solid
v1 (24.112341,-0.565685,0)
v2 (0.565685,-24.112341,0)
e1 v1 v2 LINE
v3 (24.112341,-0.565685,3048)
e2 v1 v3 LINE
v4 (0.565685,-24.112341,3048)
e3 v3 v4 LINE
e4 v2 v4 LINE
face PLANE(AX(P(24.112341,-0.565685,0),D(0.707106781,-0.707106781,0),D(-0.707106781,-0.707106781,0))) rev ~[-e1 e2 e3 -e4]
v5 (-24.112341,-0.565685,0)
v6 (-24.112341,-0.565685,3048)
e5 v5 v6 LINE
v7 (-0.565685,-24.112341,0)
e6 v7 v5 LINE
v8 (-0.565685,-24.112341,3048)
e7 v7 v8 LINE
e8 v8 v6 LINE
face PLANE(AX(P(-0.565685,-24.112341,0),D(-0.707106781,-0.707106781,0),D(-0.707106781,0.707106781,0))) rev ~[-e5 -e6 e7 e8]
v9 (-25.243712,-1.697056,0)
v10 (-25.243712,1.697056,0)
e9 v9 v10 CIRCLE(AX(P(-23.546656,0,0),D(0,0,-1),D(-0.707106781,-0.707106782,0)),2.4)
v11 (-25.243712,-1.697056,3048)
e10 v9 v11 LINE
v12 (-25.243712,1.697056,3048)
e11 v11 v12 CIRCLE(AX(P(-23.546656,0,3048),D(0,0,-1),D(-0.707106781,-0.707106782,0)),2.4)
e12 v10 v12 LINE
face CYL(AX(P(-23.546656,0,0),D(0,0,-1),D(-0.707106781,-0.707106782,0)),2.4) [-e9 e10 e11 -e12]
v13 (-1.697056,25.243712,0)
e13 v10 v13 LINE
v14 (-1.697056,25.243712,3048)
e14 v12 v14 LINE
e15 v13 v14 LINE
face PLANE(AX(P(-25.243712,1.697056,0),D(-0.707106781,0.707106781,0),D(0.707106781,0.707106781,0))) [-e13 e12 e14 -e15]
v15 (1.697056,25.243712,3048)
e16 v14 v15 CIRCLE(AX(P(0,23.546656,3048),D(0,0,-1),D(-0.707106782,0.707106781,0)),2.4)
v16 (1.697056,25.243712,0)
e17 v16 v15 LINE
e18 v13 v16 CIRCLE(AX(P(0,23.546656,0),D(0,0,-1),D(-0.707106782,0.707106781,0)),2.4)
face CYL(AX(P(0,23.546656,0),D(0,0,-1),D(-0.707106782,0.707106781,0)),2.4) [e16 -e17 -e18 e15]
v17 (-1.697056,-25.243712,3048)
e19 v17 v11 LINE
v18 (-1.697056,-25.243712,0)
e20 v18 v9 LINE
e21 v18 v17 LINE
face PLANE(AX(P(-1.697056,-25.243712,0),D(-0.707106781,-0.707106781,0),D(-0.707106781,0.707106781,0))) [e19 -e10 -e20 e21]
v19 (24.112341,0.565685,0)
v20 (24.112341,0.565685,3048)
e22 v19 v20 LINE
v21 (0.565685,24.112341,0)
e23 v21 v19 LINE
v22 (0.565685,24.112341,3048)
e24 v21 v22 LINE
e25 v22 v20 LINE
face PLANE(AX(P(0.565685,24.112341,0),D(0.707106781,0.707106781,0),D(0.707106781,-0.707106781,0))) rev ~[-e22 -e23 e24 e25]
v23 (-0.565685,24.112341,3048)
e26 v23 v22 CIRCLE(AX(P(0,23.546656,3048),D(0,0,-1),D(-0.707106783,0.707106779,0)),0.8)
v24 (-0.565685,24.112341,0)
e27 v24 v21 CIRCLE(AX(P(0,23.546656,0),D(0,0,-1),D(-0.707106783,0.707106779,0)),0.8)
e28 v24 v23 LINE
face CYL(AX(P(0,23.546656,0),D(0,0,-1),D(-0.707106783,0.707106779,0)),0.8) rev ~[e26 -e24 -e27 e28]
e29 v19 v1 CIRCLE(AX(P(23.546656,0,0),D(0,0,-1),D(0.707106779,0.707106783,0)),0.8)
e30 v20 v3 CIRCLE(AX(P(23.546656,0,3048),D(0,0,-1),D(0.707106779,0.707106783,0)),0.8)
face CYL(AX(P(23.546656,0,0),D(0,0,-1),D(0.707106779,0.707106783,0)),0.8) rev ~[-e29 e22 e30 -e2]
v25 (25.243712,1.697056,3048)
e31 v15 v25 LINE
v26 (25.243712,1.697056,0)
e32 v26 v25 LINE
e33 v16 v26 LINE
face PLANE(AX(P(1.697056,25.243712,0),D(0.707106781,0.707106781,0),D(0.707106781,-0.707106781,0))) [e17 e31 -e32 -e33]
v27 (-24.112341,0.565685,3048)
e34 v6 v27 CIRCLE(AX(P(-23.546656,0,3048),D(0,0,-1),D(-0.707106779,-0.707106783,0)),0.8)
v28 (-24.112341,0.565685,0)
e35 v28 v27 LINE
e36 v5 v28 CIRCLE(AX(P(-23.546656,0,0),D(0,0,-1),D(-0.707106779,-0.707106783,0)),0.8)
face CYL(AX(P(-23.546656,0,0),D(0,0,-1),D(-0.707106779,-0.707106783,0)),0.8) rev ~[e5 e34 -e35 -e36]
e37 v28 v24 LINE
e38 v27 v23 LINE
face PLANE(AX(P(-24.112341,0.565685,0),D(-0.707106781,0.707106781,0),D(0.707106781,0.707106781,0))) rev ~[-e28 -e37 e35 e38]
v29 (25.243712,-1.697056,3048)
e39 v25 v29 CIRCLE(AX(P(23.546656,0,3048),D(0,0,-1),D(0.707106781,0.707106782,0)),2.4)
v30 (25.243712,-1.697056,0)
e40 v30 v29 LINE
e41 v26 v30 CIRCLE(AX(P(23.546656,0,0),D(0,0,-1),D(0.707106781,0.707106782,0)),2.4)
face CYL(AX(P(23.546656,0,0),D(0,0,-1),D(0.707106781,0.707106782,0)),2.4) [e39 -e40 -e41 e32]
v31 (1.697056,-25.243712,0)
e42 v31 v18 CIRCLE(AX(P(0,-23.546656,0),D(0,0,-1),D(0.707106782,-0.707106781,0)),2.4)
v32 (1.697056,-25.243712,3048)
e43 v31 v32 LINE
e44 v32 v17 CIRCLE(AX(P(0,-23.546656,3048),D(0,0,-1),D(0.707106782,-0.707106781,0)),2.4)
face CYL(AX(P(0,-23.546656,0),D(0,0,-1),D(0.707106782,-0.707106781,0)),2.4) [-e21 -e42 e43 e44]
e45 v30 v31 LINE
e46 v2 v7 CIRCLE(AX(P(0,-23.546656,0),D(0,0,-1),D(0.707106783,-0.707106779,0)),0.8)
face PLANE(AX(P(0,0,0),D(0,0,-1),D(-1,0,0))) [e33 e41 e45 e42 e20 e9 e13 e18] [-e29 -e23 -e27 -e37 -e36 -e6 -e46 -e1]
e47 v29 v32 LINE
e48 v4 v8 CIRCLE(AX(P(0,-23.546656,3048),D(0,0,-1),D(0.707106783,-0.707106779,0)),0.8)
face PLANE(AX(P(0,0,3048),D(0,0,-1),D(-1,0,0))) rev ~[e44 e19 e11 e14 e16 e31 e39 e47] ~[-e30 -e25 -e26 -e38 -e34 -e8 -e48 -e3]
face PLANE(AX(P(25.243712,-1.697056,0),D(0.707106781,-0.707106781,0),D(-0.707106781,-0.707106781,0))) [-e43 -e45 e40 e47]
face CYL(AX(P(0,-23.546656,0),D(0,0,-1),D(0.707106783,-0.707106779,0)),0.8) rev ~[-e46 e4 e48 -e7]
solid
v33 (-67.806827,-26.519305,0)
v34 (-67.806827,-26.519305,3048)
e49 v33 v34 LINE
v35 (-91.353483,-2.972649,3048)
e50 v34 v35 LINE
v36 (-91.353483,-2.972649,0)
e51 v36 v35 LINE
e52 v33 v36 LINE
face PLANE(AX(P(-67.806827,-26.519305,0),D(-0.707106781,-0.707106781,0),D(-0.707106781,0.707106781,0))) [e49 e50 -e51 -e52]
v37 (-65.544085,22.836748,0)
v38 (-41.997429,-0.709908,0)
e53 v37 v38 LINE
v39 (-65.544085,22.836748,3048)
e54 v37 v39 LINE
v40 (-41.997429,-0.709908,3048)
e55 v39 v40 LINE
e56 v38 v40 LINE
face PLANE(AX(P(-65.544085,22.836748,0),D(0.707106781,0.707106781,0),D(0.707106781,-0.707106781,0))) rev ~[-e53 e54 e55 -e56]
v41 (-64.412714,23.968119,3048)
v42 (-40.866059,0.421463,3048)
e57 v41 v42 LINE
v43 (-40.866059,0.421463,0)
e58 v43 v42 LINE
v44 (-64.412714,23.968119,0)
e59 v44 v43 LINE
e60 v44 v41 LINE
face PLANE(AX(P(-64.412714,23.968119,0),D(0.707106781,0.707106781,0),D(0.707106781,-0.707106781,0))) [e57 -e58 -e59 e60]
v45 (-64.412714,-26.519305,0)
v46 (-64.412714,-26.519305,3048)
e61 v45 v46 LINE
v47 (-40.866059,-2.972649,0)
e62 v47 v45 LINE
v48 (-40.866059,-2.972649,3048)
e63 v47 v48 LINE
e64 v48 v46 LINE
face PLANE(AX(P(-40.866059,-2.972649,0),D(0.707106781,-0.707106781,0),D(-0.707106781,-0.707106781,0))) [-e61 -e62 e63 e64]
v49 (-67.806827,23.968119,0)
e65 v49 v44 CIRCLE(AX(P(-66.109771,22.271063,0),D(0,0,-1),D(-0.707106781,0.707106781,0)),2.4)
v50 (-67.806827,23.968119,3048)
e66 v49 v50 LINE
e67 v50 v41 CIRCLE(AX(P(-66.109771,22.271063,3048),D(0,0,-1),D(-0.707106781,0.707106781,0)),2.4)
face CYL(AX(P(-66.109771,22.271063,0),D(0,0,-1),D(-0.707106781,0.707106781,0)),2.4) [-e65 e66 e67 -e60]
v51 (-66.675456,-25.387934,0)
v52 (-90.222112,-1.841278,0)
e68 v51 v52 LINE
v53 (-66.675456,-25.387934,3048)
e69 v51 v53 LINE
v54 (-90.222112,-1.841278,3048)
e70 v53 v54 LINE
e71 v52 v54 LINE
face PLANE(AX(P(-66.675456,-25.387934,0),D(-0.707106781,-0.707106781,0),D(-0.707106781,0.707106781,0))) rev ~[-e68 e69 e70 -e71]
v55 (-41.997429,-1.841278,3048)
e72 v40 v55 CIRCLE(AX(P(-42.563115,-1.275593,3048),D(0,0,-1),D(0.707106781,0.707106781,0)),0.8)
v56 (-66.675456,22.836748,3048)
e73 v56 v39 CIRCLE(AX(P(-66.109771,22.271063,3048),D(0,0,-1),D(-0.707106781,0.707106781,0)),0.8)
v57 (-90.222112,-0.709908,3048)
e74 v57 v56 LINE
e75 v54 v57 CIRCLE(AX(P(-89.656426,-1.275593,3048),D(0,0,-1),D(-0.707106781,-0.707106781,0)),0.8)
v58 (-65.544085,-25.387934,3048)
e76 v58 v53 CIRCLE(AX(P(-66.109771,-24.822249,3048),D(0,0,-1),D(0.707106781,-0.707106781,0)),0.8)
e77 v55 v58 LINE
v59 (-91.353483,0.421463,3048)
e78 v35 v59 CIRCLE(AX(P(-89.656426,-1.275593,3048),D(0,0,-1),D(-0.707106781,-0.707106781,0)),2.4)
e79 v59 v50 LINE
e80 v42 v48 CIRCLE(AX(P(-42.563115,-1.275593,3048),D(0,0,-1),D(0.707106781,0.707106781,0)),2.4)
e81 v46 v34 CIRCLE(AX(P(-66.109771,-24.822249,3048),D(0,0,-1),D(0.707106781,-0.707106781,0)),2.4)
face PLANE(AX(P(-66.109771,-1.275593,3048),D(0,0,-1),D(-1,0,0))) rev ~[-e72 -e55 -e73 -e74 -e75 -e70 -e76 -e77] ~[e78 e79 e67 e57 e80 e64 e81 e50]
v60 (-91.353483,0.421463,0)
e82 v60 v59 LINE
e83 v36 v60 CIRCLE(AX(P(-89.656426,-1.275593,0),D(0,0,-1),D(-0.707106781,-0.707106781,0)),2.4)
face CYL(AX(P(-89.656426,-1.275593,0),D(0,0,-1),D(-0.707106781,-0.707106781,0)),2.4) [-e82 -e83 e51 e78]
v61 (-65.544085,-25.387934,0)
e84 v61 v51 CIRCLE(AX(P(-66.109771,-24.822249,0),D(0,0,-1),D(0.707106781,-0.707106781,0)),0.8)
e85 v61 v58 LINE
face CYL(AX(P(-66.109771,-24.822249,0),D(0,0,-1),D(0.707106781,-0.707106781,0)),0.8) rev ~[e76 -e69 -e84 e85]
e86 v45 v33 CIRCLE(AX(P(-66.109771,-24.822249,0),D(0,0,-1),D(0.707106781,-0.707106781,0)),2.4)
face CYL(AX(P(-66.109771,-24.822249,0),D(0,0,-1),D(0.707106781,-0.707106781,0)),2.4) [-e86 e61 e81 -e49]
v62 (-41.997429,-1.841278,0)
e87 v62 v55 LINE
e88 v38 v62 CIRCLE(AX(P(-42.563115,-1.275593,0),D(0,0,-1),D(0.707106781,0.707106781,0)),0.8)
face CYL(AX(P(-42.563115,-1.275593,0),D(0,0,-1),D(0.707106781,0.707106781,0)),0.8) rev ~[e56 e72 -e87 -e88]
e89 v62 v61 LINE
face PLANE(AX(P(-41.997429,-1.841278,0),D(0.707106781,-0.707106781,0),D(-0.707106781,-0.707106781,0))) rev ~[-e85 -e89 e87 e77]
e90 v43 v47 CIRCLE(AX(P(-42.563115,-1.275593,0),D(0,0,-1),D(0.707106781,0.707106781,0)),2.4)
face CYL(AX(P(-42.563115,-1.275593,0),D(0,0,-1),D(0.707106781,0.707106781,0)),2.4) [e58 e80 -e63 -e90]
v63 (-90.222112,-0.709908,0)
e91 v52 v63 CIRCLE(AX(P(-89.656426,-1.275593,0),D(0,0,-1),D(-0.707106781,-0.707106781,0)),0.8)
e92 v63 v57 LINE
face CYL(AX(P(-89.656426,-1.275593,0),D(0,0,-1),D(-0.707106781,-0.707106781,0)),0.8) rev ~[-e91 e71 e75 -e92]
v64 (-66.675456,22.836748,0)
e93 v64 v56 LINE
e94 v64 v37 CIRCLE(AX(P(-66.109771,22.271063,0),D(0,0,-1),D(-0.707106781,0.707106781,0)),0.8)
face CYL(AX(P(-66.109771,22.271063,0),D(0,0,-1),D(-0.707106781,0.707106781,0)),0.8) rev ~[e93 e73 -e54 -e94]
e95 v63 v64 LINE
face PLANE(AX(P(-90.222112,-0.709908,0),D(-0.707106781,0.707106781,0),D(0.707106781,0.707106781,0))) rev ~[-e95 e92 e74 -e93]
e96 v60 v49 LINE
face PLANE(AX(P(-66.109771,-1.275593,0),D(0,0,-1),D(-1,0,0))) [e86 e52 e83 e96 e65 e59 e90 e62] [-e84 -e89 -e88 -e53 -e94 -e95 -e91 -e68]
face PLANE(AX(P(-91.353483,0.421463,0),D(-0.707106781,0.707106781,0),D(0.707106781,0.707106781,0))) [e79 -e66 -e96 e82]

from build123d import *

# Parameters (mm, degrees)
BOSS_EXTRUDE1_DEPTH   = 3048
BOSS_EXTRUDE1_2_DEPTH = 3048


with BuildPart() as part:
    # inch square tube → Boss-Extrude1 (new body)
    with BuildSketch(Plane.XY):
        with BuildLine():
            Line((25.243712088, -1.697056275), (1.697056275, -25.243712088))
            ThreePointArc((1.697056275, -25.243712088), (0, -25.946655814), (-1.697056275, -25.243712088))
            Line((-1.697056275, -25.243712088), (-25.243712088, -1.697056275))
            ThreePointArc((-25.243712088, -1.697056275), (-25.946655814, 0), (-25.243712088, 1.697056275))
            Line((-25.243712088, 1.697056275), (-1.697056275, 25.243712088))
            ThreePointArc((-1.697056275, 25.243712088), (0, 25.946655814), (1.697056275, 25.243712088))
            Line((1.697056275, 25.243712088), (25.243712088, 1.697056275))
            ThreePointArc((25.243712088, 1.697056275), (25.946655814, 0), (25.243712088, -1.697056275))
        make_face()
        with BuildLine():
            Line((-24.112341238, 0.565685425), (-0.565685425, 24.112341238))
            ThreePointArc((-0.565685425, 24.112341238), (0, 24.346655814), (0.565685425, 24.112341238))
            Line((0.565685425, 24.112341238), (24.112341238, 0.565685425))
            ThreePointArc((24.112341238, 0.565685425), (24.346655814, 0), (24.112341238, -0.565685425))
            Line((24.112341238, -0.565685425), (0.565685425, -24.112341238))
            ThreePointArc((0.565685425, -24.112341238), (0, -24.346655814), (-0.565685425, -24.112341238))
            Line((-0.565685425, -24.112341238), (-24.112341238, -0.565685425))
            ThreePointArc((-24.112341238, -0.565685425), (-24.346655814, 0), (-24.112341238, 0.565685425))
        make_face(mode=Mode.SUBTRACT)
    extrude(amount=BOSS_EXTRUDE1_DEPTH)


with BuildPart() as body_2:
    # inch square tube → Boss-Extrude1 2 (new body)
    with BuildSketch(Plane.XY):
        with BuildLine():
            Line((-40.866058562, -2.972649224), (-64.412714375, -26.519305038))
            ThreePointArc((-64.412714375, -26.519305038), (-66.10977065, -27.222248763), (-67.806826925, -26.519305038))
            Line((-67.806826925, -26.519305038), (-91.353482739, -2.972649224))
            ThreePointArc((-91.353482739, -2.972649224), (-92.056426464, -1.27559295), (-91.353482739, 0.421463325))
            Line((-91.353482739, 0.421463325), (-67.806826925, 23.968119139))
            ThreePointArc((-67.806826925, 23.968119139), (-66.10977065, 24.671062864), (-64.412714375, 23.968119139))
            Line((-64.412714375, 23.968119139), (-40.866058562, 0.421463325))
            ThreePointArc((-40.866058562, 0.421463325), (-40.163114837, -1.27559295), (-40.866058562, -2.972649224))
        make_face()
        with BuildLine():
            Line((-90.222111889, -0.709907525), (-66.675456075, 22.836748289))
            ThreePointArc((-66.675456075, 22.836748289), (-66.10977065, 23.071062864), (-65.544085225, 22.836748289))
            Line((-65.544085225, 22.836748289), (-41.997429412, -0.709907525))
            ThreePointArc((-41.997429412, -0.709907525), (-41.763114837, -1.27559295), (-41.997429412, -1.841278375))
            Line((-41.997429412, -1.841278375), (-65.544085225, -25.387934188))
            ThreePointArc((-65.544085225, -25.387934188), (-66.10977065, -25.622248763), (-66.675456075, -25.387934188))
            Line((-66.675456075, -25.387934188), (-90.222111889, -1.841278375))
            ThreePointArc((-90.222111889, -1.841278375), (-90.456426464, -1.27559295), (-90.222111889, -0.709907525))
        make_face(mode=Mode.SUBTRACT)
    extrude(amount=BOSS_EXTRUDE1_2_DEPTH)


solid = Compound([part.part, body_2.part])
